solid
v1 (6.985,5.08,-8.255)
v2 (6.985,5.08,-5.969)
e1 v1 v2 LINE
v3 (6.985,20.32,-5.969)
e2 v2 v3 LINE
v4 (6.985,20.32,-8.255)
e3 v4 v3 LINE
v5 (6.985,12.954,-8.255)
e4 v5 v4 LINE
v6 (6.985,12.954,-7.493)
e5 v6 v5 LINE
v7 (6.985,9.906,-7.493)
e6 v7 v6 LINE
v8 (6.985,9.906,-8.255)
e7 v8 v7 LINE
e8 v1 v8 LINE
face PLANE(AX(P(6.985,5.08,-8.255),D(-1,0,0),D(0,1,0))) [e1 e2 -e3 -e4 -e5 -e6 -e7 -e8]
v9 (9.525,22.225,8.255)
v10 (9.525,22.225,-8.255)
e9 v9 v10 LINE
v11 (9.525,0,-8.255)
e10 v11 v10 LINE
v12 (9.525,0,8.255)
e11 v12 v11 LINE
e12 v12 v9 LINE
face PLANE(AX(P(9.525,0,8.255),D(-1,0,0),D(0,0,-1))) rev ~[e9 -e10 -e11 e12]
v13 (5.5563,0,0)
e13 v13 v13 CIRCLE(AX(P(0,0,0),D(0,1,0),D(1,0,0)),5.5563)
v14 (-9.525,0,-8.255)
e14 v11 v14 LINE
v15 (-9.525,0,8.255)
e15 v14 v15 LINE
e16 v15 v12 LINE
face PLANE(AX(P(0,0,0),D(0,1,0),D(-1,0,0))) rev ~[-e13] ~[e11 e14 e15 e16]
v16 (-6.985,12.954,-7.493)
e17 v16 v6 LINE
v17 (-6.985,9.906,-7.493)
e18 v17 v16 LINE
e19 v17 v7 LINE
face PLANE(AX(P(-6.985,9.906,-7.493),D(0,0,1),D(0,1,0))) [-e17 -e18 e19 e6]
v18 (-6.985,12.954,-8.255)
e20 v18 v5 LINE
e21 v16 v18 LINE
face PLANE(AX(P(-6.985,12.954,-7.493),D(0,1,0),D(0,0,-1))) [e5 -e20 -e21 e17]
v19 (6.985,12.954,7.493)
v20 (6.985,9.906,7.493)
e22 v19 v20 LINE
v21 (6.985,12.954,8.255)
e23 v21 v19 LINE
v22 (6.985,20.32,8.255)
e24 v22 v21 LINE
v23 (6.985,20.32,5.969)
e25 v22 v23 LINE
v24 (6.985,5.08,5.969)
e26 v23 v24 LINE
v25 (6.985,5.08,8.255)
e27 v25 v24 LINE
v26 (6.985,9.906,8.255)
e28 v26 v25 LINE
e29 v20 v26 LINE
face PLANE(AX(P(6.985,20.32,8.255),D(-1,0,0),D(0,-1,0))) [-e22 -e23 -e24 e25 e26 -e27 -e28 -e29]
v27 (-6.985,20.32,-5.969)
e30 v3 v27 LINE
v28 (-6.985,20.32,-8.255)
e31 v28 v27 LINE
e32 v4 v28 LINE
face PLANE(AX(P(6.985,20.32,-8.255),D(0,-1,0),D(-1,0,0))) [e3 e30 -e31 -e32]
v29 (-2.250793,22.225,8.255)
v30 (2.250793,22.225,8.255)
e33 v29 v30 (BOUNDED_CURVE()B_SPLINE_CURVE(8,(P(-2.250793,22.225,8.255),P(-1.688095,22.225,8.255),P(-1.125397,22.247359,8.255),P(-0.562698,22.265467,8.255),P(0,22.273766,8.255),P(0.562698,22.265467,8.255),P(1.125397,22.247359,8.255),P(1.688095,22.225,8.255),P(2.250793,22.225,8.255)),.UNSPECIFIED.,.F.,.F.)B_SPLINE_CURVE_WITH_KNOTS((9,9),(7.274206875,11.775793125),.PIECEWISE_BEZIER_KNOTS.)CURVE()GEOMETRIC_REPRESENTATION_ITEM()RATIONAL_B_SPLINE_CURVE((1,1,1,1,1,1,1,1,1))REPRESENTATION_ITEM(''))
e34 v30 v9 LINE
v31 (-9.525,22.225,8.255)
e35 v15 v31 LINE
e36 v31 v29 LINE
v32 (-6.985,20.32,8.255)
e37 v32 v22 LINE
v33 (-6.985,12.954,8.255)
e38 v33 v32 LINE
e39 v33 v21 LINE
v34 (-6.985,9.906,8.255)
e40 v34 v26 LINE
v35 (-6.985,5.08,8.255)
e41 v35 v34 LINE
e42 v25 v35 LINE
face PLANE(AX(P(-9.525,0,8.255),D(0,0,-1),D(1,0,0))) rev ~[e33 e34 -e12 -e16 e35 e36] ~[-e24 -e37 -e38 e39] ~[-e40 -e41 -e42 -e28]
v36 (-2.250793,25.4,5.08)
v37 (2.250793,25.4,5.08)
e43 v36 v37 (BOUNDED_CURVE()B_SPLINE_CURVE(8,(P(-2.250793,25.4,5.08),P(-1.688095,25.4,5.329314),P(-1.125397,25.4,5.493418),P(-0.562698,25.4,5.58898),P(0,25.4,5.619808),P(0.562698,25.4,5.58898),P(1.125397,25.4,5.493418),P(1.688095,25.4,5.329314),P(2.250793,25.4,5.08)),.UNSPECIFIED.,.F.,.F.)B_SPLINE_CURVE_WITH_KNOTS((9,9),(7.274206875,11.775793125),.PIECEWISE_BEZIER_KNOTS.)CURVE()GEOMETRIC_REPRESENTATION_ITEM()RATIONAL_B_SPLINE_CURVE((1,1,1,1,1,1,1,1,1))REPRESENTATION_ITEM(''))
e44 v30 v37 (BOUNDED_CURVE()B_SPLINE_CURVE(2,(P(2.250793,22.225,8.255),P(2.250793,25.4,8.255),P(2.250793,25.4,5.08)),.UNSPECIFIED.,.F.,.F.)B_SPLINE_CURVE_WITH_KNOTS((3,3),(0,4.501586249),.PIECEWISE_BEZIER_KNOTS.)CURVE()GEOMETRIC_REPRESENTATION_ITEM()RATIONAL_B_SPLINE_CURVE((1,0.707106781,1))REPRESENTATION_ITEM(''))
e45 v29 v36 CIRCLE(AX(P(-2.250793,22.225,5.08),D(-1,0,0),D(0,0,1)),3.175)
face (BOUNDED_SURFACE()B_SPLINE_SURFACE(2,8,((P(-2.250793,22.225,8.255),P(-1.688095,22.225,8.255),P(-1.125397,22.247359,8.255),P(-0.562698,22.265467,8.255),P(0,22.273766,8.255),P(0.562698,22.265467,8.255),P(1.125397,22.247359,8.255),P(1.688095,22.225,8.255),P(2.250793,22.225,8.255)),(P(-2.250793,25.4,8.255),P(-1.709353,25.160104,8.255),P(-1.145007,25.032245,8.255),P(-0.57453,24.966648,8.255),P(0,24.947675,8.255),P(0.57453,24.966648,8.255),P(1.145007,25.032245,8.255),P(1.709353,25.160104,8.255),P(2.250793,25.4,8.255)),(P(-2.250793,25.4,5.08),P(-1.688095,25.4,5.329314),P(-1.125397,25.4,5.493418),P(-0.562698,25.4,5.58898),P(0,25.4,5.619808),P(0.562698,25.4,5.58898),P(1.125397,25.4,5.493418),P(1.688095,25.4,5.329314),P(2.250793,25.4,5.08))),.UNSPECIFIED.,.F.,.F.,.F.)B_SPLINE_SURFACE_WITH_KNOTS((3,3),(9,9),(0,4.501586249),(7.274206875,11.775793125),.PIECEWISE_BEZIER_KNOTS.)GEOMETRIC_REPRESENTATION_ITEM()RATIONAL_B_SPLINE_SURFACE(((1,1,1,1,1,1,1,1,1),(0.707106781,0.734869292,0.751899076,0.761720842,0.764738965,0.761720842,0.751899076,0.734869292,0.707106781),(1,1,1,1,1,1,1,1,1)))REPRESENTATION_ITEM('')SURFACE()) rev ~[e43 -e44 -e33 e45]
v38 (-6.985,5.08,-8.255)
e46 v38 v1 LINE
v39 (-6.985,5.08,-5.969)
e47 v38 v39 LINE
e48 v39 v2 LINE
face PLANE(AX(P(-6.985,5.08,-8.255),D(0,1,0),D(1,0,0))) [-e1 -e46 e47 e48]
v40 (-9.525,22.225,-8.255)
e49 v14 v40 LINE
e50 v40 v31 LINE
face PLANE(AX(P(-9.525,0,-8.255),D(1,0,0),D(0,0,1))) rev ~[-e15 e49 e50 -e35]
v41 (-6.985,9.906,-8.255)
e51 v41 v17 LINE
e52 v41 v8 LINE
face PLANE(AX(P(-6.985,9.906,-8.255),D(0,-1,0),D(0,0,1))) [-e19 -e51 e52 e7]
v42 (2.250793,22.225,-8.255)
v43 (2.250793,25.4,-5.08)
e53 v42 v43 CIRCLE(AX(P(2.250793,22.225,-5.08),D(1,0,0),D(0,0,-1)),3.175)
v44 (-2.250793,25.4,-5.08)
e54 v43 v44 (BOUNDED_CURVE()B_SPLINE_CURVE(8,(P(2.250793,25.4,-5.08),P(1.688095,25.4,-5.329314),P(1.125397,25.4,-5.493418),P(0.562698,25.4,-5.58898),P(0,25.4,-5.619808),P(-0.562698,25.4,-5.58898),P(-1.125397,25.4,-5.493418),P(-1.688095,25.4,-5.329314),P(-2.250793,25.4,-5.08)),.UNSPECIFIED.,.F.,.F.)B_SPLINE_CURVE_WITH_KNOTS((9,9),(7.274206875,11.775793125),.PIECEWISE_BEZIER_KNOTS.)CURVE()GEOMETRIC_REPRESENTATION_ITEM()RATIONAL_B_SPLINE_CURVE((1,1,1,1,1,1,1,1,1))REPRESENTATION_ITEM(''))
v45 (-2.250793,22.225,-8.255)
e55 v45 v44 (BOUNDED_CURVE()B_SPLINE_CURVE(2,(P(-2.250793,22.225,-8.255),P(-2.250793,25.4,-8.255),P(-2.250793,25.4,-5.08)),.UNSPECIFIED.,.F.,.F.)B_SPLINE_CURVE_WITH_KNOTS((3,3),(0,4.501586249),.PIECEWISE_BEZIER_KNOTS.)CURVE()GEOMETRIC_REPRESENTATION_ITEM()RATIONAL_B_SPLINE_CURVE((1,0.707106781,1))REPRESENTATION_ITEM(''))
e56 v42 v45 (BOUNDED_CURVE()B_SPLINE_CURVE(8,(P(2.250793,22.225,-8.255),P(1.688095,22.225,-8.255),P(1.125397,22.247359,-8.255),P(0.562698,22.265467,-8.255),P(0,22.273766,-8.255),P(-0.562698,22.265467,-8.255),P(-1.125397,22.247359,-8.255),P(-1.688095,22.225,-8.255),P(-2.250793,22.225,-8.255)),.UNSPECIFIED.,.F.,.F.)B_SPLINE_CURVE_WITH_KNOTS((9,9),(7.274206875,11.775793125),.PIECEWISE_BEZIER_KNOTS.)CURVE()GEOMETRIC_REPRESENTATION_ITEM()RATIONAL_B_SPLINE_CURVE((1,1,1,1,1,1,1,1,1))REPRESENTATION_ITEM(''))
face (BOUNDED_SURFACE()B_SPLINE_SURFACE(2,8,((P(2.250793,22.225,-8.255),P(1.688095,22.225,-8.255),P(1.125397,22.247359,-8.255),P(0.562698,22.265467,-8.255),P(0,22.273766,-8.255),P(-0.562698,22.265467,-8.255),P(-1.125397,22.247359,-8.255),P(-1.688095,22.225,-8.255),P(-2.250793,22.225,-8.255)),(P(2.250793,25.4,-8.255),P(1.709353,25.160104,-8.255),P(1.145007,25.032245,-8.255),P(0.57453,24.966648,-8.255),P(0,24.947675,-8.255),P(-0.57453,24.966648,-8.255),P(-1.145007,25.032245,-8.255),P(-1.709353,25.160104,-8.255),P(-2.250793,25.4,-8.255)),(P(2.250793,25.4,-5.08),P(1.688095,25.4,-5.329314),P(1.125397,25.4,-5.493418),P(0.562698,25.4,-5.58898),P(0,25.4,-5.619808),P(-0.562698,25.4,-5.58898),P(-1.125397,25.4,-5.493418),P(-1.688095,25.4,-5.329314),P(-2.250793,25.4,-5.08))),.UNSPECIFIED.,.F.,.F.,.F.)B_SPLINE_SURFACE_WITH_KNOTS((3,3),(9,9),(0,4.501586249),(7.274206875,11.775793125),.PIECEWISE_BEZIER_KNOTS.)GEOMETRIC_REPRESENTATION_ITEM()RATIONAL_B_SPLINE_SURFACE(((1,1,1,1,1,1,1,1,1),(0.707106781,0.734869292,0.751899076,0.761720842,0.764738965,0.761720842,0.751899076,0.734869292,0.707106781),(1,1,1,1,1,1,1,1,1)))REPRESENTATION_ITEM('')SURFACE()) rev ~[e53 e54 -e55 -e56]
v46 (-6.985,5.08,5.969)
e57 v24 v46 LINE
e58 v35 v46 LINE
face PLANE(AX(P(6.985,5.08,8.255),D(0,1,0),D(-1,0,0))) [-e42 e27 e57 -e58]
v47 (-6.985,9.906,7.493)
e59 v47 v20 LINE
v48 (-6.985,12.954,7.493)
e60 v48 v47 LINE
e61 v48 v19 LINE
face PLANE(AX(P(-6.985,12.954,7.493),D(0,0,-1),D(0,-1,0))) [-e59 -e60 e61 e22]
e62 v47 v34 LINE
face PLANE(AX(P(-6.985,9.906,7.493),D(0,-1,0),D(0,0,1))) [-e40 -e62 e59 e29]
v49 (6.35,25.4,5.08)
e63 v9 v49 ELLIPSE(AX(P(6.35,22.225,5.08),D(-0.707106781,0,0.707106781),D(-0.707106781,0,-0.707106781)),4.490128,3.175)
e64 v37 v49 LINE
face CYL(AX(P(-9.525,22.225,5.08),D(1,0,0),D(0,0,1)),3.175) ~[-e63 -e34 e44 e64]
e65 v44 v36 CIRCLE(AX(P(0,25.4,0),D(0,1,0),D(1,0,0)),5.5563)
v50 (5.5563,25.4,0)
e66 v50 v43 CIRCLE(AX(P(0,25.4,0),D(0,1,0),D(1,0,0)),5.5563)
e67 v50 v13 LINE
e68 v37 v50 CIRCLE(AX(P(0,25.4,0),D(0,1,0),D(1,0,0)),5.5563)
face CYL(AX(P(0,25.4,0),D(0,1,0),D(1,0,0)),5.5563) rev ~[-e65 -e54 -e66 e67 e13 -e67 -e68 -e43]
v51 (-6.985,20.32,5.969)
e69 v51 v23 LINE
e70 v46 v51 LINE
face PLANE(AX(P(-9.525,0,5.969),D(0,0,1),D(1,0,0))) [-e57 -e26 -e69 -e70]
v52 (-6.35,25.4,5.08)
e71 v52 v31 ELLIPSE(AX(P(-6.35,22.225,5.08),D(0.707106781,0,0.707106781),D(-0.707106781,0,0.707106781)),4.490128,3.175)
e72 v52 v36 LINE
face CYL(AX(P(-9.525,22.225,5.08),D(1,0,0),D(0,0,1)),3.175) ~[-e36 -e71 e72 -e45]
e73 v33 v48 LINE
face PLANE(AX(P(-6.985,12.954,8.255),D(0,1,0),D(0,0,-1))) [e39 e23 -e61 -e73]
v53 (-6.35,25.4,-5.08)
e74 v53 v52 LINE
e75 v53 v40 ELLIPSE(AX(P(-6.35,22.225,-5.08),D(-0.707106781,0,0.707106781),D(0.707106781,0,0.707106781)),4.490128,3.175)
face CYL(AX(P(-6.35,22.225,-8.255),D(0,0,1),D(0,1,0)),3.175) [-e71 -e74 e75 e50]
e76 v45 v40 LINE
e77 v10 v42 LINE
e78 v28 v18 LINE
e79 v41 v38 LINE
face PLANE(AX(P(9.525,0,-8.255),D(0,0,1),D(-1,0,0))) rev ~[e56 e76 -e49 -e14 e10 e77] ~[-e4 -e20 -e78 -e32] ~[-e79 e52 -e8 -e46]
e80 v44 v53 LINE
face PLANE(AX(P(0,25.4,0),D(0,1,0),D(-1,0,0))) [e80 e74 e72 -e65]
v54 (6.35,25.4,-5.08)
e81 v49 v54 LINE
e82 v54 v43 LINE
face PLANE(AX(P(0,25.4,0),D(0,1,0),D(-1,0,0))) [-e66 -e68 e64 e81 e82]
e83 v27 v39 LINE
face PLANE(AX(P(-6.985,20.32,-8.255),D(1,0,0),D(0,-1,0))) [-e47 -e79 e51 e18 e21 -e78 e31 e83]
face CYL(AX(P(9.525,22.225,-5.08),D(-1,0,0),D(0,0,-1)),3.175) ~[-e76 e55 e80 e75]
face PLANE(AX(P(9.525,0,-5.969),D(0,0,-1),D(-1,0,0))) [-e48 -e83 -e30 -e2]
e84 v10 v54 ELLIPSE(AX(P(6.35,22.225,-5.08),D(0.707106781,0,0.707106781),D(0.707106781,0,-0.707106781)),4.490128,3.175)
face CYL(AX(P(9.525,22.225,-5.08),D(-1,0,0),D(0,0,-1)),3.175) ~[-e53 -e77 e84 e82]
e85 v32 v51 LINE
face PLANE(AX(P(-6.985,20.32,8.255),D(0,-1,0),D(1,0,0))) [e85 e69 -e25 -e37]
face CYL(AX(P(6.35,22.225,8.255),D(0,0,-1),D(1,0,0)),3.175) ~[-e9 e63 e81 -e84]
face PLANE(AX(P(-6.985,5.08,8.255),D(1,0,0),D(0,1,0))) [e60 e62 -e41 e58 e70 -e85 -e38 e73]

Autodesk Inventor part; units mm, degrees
ref_plane "YZ Plane" through (0, 0, 0) normal (1, 0, 0) x (0, 1, 0)
ref_plane "XZ Plane" through (0, 0, 0) normal (0, 1, 0) x (-1, 0, 0)
ref_plane "XY Plane" through (0, 0, 0) normal (0, 0, 1) x (1, 0, 0)
sketch "Sketch1" plane through (0, 0, 0) normal (0, 1, 0) x (-1, 0, 0)
  line L0 (-9.525, -8.255) -> (9.525, -8.255)
  line L1 (9.525, -8.255) -> (9.525, 8.255)
  line L2 (9.525, 8.255) -> (-9.525, 8.255)
  line L3 (-9.525, 8.255) -> (-9.525, -8.255)
  line L4 (-9.525, -8.255) -> (9.525, 8.255) construction
  line L5 (9.525, -8.255) -> (-9.525, 8.255) construction
  point P0 (0, 0)
  dimension "d9" = 19.05
  dimension "d10" = 16.51
extrude "Extrusion3" add sketch "Sketch1" along normal blind 25.4
sketch "actual_circle" plane through (0, 25.4, 0) normal (0, 1, 0) x (1, 0, 0)
  circle A0 centre (0, 0) radius 5.5563
  dimension "d27" = 11.1125
extrude "Extrusion6" cut sketch "actual_circle" against normal blind 50.8
sketch "circle" plane through (-9.525, 0, 8.255) normal (0, 0, 1) x (1, 0, 0)
  line L0 (2.54, 20.32) -> (16.51, 20.32)
  line L1 (16.51, 20.32) -> (16.51, 5.08)
  line L2 (16.51, 5.08) -> (2.54, 5.08)
  line L3 (2.54, 5.08) -> (2.54, 20.32)
  line L4 (0, 25.4) -> (19.05, 25.4) projected
  line L5 (0, 0) -> (0, 25.4) projected
  point P0 (9.525, 0)
  dimension "d32" = 13.97
  dimension "d33" = 15.24
  dimension "d34" = 5.08
  dimension "d35" = 2.54
extrude "Extrusion7" cut sketch "circle" against normal blind 2.286
sketch "Sketch7" plane through (9.525, 0, -8.255) normal (0, 0, -1) x (-1, 0, 0)
  line L0 (2.54, 20.32) -> (16.51, 20.32)
  line L1 (16.51, 20.32) -> (16.51, 5.08)
  line L2 (16.51, 5.08) -> (2.54, 5.08)
  line L3 (2.54, 5.08) -> (2.54, 20.32)
  line L4 (0, 0) -> (0, 25.4) projected
  line L5 (0, 25.4) -> (19.05, 25.4) projected
  point P0 (9.525, 0)
  dimension "d38" = 13.97
  dimension "d39" = 15.24
  dimension "d40" = 2.54
  dimension "d41" = 5.08
extrude "Extrusion8" cut sketch "Sketch7" against normal blind 2.286
sketch "Lock" plane through (-6.985, 5.08, -8.255) normal (1, 0, 0) x (0, 0, -1)
  line L0 (-0.762, 7.874) -> (0, 7.874)
  line L1 (0, 7.874) -> (0, 4.826)
  line L2 (0, 4.826) -> (-0.762, 4.826)
  line L3 (-0.762, 4.826) -> (-0.762, 7.874)
  line L4 (-2.286, 15.24) -> (-2.286, 0) projected
  point P0 (-8.255, -5.08)
  point P1 (0, 15.24)
  dimension "d44" = 0.762
  dimension "d45" = 3.048
  dimension "d46" = 7.366
  dimension "d47" = 1.524
extrude "Extrusion9" add sketch "Lock" along normal blind 13.97
sketch "Sketch9" plane through (-6.985, 5.08, 8.255) normal (1, 0, 0) x (0, 0, -1)
  line L0 (0, 7.874) -> (0.762, 7.874)
  line L1 (0.762, 7.874) -> (0.762, 4.826)
  line L2 (0.762, 4.826) -> (0, 4.826)
  line L3 (0, 4.826) -> (0, 7.874)
  line L4 (0, 0) -> (0, 15.24) projected
  point P0 (8.255, -5.08)
  dimension "d50" = 0.762
  dimension "d51" = 3.048
  dimension "d52" = 0
  dimension "d53" = 7.366
extrude "Extrusion10" add sketch "Sketch9" along normal blind 13.97
fillet "Fillet1" radius 3.175 4 edges at (-9.525, 25.4, 0) (9.525, 25.4, 0) (0, 25.4, 8.255) (0, 25.4, -8.255)
properties part number "Weird_Box_Lina_Made_Me_Make_Final"
